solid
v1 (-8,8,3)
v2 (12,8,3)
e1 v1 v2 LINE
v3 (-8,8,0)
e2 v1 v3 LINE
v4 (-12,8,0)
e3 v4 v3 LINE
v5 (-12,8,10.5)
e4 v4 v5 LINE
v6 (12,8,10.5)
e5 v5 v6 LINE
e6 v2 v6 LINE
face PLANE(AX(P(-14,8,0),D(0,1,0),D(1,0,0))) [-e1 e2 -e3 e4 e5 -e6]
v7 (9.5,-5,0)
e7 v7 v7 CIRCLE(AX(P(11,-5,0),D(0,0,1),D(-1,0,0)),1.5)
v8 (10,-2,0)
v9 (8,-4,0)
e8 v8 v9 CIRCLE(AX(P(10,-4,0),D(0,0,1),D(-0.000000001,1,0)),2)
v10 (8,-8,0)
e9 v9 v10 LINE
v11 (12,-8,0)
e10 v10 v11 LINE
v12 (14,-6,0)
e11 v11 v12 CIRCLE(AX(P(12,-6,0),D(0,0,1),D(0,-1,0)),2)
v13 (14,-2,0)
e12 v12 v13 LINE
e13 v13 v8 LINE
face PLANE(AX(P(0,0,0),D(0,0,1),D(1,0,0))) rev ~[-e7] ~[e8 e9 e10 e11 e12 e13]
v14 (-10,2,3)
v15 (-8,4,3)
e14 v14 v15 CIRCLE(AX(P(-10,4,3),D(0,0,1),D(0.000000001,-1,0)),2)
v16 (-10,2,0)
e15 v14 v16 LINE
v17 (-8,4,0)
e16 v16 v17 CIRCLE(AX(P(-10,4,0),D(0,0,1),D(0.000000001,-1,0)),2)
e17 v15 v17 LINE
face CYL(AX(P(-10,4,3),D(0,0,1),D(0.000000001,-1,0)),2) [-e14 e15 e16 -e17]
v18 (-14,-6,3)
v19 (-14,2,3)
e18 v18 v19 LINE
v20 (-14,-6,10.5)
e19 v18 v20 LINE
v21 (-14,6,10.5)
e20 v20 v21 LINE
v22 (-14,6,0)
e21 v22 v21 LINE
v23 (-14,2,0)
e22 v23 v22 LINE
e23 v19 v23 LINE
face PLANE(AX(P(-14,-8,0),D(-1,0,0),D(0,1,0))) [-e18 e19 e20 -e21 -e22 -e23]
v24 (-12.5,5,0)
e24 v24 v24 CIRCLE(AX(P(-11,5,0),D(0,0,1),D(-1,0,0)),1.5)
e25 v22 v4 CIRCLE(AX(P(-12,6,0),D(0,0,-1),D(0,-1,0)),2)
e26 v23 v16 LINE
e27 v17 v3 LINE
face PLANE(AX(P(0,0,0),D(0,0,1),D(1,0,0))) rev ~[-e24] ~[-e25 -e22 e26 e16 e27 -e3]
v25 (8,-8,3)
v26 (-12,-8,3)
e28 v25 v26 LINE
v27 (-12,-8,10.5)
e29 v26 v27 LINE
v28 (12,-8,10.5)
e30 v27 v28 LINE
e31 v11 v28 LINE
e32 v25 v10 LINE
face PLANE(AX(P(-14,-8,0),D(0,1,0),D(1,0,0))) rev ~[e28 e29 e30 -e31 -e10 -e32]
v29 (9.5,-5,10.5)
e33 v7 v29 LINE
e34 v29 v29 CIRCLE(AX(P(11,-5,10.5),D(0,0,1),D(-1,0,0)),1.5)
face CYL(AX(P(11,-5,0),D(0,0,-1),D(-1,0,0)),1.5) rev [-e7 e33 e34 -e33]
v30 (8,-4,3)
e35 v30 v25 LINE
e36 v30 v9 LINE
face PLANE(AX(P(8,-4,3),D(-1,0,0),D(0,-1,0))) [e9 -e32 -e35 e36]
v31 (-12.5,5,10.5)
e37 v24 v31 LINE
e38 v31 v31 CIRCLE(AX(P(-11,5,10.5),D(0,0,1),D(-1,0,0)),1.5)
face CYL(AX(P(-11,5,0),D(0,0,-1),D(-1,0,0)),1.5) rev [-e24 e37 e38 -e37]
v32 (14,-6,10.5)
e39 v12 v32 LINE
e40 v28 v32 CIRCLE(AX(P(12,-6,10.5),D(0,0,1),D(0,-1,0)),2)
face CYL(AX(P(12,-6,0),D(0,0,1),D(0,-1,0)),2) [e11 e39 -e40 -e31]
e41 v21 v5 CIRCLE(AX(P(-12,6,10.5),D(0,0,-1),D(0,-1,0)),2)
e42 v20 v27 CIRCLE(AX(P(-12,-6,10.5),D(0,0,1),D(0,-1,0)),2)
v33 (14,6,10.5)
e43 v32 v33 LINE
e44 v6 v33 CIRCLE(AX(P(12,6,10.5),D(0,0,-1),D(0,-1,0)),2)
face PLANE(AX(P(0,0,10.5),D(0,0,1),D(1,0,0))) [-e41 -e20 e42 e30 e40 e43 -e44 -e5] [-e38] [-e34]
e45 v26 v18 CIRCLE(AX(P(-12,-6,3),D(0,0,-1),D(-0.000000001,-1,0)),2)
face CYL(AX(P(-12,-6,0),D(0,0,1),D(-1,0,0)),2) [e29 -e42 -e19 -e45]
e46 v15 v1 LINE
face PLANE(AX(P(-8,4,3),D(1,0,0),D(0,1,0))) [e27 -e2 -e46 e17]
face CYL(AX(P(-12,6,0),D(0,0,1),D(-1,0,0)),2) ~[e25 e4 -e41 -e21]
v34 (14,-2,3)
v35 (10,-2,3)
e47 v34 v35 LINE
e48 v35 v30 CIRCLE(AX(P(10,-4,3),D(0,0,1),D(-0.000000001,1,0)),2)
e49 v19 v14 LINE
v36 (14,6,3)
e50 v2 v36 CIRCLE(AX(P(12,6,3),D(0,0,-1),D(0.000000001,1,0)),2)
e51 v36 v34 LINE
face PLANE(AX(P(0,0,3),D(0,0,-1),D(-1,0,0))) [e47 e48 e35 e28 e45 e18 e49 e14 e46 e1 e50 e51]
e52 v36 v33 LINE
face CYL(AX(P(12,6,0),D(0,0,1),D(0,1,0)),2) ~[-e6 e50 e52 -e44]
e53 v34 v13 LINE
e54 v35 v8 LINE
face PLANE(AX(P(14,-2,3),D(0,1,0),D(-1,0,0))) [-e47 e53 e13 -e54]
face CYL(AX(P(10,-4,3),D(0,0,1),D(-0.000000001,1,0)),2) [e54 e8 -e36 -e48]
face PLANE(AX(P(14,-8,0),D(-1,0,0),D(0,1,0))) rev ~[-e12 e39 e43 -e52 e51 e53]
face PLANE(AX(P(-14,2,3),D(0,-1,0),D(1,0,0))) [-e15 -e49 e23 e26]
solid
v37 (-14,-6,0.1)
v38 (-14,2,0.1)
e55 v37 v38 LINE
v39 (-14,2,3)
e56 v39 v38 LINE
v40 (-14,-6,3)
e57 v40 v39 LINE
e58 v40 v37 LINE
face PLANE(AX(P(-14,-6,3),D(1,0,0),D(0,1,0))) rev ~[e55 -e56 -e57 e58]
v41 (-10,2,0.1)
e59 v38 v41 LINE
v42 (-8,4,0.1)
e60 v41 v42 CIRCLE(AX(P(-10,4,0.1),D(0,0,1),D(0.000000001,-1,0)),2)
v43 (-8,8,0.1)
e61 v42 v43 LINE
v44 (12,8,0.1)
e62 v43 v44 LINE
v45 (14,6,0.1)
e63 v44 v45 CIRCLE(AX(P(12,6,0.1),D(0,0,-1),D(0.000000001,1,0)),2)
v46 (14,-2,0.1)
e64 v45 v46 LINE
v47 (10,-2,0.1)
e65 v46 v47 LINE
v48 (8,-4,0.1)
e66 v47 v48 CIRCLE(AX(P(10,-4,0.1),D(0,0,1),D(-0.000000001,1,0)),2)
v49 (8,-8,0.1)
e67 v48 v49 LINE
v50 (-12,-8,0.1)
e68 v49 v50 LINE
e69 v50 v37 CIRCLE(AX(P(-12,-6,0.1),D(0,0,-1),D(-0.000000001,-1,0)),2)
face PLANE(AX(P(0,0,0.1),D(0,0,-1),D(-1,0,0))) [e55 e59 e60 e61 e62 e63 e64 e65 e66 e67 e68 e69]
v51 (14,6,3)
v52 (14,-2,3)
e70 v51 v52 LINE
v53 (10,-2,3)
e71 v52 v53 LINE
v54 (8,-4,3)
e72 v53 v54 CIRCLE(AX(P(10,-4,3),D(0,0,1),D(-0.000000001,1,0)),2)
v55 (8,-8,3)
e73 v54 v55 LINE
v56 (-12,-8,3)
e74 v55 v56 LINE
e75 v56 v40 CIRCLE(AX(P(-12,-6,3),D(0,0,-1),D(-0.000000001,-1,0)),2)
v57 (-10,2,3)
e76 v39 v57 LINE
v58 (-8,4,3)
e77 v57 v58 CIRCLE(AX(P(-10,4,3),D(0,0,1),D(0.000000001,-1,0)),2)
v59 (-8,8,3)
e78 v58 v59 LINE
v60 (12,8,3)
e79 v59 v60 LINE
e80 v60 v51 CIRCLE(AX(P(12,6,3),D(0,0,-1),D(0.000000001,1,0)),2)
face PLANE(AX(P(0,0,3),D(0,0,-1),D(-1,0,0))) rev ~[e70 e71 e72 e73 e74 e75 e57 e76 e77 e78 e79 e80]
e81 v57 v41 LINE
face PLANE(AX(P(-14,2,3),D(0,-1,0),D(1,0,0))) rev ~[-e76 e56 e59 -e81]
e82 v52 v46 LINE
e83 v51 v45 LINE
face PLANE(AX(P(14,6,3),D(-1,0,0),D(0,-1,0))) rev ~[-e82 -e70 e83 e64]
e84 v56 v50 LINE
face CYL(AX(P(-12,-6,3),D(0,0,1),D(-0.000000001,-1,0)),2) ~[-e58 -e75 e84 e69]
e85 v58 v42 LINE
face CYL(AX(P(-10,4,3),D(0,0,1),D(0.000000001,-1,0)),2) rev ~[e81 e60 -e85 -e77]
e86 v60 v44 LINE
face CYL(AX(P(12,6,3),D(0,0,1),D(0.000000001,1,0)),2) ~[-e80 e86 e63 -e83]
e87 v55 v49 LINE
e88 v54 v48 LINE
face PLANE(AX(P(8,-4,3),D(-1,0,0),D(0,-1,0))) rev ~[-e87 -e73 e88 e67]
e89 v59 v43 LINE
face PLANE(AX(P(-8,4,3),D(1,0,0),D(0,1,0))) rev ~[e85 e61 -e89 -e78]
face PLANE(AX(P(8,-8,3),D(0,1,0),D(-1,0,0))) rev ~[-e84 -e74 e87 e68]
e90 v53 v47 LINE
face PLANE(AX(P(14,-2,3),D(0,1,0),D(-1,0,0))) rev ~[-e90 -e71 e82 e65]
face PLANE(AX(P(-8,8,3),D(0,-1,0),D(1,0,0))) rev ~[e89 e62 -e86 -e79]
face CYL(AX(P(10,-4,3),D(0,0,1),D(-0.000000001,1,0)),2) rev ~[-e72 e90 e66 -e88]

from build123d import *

# Parameters (mm, degrees)
SKETCH1_W           = 28
SKETCH1_H           = 16
SKETCH1_R           = 1.5
BOSS_EXTRUDE1_DEPTH = 10.5
FILLET1_R           = 2
CUT_EXTRUDE1_START  = -3
CUT_EXTRUDE1_DEPTH  = 3
BOSS_EXTRUDE2_DEPTH = 2.9


with BuildPart() as part:
    # Sketch1 → Boss-Extrude1 (new body)
    with BuildSketch(Plane.XY):
        Rectangle(SKETCH1_W, SKETCH1_H)
        with Locations(Location((-11, 5, 0), (0, 0, 180))):
            Circle(SKETCH1_R, mode=Mode.SUBTRACT)
        with Locations(Location((11, -5, 0), (0, 0, 180))):
            Circle(SKETCH1_R, mode=Mode.SUBTRACT)
    extrude(amount=BOSS_EXTRUDE1_DEPTH)

    # Fillet1
    fillet1_edges = [part.edges().sort_by_distance(p)[0] for p in [
        (14, -8, 5.25),
        (-14, -8, 5.25),
        (-14, 8, 5.25),
        (14, 8, 5.25),
    ]]
    fillet(fillet1_edges, radius=FILLET1_R)

    # Sketch3 → Cut-Extrude1 (cut)
    with BuildSketch(Plane(origin=(0, 0, 0), x_dir=(-1, 0, 0), z_dir=(0, 0, -1)).offset(CUT_EXTRUDE1_START)):
        with BuildLine():
            Line((-14, -2), (-10, -2))
            ThreePointArc((-10, -2), (-8.585786438, -2.585786438), (-8, -4))
            Line((-8, -4), (-8, -8))
            Line((-8, -8), (12, -8))
            ThreePointArc((12, -8), (13.414213562, -7.414213562), (14, -6))
            Line((14, -6), (14, 2))
            Line((14, 2), (10, 2))
            ThreePointArc((10, 2), (8.585786438, 2.585786438), (8, 4))
            Line((8, 4), (8, 8))
            Line((8, 8), (-12, 8))
            ThreePointArc((-12, 8), (-13.414213562, 7.414213562), (-14, 6))
            Line((-14, 6), (-14, -2))
        make_face()
    extrude(amount=CUT_EXTRUDE1_DEPTH, mode=Mode.SUBTRACT)


with BuildPart() as body_2:
    # Sketch5 → Boss-Extrude2 (new body)
    with BuildSketch(Plane(origin=(0, 0, 3), x_dir=(-1, 0, 0), z_dir=(0, 0, -1))):
        with BuildLine():
            Line((-14, 6), (-14, -2))
            Line((-14, -2), (-10, -2))
            ThreePointArc((-10, -2), (-8.585786438, -2.585786438), (-8, -4))
            Line((-8, -4), (-8, -8))
            Line((-8, -8), (12, -8))
            ThreePointArc((12, -8), (13.414213562, -7.414213562), (14, -6))
            Line((14, -6), (14, 2))
            Line((14, 2), (10, 2))
            ThreePointArc((10, 2), (8.585786438, 2.585786438), (8, 4))
            Line((8, 4), (8, 8))
            Line((8, 8), (-12, 8))
            ThreePointArc((-12, 8), (-13.414213562, 7.414213562), (-14, 6))
        make_face()
    extrude(amount=BOSS_EXTRUDE2_DEPTH)


solid = Compound([part.part, body_2.part])
